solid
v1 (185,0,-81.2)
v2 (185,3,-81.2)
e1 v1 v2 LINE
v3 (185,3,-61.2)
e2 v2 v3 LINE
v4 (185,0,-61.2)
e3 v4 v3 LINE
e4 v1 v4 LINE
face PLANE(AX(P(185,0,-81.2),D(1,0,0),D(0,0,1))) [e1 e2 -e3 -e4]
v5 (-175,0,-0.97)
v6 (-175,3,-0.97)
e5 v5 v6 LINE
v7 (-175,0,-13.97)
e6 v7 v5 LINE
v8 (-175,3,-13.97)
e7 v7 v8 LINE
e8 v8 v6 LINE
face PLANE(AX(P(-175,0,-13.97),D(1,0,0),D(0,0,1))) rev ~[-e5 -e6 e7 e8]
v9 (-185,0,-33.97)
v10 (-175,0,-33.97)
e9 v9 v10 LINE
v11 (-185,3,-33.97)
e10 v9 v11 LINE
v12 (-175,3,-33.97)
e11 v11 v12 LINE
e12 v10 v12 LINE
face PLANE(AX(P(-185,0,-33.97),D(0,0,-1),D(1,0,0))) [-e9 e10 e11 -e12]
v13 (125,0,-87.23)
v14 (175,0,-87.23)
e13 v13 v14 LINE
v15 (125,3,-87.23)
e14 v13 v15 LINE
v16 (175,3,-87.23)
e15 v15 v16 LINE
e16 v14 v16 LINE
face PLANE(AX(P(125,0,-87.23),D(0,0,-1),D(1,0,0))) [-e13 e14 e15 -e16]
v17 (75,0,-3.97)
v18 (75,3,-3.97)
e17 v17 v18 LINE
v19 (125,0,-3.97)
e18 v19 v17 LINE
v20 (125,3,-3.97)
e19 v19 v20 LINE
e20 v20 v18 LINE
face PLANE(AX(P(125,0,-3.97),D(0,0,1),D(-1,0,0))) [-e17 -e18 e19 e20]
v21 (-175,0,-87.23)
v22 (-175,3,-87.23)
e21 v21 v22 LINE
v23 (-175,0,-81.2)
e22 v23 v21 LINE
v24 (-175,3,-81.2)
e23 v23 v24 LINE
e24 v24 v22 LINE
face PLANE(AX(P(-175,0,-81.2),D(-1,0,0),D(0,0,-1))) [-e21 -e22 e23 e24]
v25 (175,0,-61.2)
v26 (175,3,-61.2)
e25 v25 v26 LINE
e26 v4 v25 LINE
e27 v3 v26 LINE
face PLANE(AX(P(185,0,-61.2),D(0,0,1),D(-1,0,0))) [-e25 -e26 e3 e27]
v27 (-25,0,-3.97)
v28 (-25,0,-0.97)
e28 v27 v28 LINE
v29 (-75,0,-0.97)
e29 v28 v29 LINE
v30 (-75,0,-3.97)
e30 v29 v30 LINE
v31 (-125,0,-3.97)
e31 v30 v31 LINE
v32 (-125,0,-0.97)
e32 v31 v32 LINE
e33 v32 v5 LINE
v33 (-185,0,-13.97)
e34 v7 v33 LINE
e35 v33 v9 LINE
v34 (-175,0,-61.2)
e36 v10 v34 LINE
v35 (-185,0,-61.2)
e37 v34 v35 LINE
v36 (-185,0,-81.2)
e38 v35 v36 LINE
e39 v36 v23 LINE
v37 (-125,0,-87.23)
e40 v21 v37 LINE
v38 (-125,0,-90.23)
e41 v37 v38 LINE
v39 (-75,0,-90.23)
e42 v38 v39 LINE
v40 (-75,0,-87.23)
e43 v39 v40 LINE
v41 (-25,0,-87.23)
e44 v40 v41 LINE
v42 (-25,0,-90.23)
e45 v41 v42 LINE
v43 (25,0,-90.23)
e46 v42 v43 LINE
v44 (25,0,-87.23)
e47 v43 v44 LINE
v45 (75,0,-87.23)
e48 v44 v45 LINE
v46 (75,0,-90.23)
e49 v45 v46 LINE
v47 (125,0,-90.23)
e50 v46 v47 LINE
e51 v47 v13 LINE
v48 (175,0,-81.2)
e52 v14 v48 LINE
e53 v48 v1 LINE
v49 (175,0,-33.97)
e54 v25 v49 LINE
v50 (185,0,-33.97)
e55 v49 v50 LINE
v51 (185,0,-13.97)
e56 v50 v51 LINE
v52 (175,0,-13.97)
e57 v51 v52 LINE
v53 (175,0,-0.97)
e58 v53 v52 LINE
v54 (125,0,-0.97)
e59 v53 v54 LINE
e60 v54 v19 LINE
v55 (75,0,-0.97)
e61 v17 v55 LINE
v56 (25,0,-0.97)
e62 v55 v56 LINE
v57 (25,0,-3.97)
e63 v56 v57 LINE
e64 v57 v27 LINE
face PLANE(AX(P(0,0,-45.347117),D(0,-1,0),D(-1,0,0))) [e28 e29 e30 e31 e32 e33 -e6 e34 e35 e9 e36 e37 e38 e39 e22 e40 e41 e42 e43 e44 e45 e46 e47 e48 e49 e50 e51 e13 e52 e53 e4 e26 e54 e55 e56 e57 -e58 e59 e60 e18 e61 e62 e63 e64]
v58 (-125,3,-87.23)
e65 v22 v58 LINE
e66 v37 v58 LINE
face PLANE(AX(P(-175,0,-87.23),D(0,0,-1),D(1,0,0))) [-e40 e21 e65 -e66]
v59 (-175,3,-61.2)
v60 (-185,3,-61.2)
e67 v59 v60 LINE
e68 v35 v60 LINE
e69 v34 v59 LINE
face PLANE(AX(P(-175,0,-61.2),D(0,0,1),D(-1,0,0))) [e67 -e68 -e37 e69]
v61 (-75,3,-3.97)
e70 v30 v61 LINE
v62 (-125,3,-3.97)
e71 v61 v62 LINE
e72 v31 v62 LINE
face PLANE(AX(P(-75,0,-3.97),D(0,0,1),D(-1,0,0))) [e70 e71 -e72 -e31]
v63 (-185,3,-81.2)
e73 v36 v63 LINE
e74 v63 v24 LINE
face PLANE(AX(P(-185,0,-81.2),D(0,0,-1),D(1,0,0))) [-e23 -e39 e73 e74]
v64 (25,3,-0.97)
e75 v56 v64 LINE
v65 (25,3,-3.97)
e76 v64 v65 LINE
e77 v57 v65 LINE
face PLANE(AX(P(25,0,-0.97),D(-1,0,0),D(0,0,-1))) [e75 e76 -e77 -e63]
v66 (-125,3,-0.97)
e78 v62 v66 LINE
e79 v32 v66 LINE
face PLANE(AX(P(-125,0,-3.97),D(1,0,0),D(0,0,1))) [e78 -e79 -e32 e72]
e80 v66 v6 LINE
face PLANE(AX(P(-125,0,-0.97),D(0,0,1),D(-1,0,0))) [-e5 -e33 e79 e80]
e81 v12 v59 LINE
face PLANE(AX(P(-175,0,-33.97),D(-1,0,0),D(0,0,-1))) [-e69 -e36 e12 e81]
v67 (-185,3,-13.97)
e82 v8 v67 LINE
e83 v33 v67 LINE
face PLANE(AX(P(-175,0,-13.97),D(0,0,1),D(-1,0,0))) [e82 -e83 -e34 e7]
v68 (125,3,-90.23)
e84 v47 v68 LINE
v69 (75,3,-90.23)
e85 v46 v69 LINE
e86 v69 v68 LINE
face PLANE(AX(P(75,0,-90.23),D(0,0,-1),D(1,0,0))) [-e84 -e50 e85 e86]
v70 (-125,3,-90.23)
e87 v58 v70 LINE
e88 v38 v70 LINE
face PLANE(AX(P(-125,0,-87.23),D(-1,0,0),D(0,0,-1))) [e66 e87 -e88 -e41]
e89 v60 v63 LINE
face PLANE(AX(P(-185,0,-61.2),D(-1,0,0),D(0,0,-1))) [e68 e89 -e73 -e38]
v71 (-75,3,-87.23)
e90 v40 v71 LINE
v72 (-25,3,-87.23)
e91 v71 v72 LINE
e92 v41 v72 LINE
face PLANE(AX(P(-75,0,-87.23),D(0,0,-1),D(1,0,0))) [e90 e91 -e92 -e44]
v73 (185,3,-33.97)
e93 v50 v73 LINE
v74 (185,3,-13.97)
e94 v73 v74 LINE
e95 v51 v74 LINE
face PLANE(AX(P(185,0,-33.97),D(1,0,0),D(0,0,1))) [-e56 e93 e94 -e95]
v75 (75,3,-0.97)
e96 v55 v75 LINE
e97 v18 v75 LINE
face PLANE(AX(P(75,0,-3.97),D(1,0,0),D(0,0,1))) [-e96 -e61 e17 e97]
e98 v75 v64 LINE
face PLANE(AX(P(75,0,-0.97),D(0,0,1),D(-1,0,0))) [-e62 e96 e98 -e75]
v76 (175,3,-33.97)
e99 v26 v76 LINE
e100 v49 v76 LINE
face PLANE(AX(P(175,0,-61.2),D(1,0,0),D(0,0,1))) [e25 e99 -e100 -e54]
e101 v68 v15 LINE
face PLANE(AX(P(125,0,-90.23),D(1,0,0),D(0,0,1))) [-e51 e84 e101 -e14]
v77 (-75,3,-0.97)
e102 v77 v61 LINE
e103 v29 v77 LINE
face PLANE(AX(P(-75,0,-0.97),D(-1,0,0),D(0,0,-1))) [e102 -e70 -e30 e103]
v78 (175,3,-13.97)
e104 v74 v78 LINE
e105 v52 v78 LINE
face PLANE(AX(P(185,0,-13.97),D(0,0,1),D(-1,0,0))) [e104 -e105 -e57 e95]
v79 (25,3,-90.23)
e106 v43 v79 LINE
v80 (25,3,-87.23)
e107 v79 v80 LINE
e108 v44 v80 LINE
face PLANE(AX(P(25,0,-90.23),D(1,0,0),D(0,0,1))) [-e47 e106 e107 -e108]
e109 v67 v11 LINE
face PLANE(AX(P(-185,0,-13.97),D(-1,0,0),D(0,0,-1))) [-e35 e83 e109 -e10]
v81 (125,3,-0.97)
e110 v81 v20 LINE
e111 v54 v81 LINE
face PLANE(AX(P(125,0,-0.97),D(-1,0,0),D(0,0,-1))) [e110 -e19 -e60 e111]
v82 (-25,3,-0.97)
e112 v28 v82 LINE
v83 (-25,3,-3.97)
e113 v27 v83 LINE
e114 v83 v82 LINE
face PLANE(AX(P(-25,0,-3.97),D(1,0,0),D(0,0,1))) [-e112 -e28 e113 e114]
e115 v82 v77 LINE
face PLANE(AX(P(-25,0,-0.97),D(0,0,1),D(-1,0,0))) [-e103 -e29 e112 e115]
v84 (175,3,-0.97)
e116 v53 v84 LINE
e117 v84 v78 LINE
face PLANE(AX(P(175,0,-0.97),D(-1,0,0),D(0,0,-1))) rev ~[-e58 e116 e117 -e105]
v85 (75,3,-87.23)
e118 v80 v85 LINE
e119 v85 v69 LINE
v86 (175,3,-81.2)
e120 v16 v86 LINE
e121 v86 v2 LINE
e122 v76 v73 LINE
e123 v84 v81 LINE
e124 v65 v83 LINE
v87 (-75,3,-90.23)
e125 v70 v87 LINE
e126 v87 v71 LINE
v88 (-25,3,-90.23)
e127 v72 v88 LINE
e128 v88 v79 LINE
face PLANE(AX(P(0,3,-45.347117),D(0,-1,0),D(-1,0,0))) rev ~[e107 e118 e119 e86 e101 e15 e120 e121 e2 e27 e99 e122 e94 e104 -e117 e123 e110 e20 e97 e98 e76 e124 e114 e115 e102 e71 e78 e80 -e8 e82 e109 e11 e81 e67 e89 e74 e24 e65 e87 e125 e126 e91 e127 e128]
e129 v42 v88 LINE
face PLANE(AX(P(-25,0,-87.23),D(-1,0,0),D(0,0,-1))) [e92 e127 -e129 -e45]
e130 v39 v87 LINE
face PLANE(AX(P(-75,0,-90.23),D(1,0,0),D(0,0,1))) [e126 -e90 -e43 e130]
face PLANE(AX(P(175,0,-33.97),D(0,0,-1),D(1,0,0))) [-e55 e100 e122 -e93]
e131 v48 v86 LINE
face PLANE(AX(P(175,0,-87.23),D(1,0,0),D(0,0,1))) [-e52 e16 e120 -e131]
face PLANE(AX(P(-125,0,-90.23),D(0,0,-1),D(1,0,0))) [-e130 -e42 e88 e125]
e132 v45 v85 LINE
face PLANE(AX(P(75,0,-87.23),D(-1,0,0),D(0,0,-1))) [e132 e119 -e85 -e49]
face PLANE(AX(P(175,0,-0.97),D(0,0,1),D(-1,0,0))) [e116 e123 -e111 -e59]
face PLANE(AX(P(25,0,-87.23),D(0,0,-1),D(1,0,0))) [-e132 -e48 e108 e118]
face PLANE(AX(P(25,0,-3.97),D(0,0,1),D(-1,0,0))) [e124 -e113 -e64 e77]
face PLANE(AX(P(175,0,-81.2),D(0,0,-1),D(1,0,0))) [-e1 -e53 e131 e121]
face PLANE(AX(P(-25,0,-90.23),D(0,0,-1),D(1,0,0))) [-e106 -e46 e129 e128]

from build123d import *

# Parameters (mm, degrees)
EXTRUDE_1_DEPTH = 3


with BuildPart() as part:
    # 스케치1 → 보스-돌출1 (new body)
    with BuildSketch(Plane(origin=(0, 0, 0), x_dir=(1, 0, 0), z_dir=(0, 1, 0))):
        Polygon((-175, 3.97), (-175, 13.97), (-185, 13.97), (-185, 33.97), (-175, 33.97), (-175, 61.2), (-185, 61.2), (-185, 81.2), (-175, 81.2), (-175, 87.23), (-125, 87.23), (-125, 90.23), (-75, 90.23), (-75, 87.23), (-25, 87.23), (-25, 90.23), (25, 90.23), (25, 87.23), (75, 87.23), (75, 90.23), (125, 90.23), (125, 87.23), (175, 87.23), (175, 81.2), (185, 81.2), (185, 61.2), (175, 61.2), (175, 33.97), (185, 33.97), (185, 13.97), (175, 13.97), (175, 3.97), (175, 0.97), (125, 0.97), (125, 3.97), (75, 3.97), (75, 0.97), (25, 0.97), (25, 3.97), (-25, 3.97), (-25, 0.97), (-75, 0.97), (-75, 3.97), (-125, 3.97), (-125, 0.97), (-175, 0.97), align=None)
    extrude(amount=EXTRUDE_1_DEPTH)


solid = part.part
